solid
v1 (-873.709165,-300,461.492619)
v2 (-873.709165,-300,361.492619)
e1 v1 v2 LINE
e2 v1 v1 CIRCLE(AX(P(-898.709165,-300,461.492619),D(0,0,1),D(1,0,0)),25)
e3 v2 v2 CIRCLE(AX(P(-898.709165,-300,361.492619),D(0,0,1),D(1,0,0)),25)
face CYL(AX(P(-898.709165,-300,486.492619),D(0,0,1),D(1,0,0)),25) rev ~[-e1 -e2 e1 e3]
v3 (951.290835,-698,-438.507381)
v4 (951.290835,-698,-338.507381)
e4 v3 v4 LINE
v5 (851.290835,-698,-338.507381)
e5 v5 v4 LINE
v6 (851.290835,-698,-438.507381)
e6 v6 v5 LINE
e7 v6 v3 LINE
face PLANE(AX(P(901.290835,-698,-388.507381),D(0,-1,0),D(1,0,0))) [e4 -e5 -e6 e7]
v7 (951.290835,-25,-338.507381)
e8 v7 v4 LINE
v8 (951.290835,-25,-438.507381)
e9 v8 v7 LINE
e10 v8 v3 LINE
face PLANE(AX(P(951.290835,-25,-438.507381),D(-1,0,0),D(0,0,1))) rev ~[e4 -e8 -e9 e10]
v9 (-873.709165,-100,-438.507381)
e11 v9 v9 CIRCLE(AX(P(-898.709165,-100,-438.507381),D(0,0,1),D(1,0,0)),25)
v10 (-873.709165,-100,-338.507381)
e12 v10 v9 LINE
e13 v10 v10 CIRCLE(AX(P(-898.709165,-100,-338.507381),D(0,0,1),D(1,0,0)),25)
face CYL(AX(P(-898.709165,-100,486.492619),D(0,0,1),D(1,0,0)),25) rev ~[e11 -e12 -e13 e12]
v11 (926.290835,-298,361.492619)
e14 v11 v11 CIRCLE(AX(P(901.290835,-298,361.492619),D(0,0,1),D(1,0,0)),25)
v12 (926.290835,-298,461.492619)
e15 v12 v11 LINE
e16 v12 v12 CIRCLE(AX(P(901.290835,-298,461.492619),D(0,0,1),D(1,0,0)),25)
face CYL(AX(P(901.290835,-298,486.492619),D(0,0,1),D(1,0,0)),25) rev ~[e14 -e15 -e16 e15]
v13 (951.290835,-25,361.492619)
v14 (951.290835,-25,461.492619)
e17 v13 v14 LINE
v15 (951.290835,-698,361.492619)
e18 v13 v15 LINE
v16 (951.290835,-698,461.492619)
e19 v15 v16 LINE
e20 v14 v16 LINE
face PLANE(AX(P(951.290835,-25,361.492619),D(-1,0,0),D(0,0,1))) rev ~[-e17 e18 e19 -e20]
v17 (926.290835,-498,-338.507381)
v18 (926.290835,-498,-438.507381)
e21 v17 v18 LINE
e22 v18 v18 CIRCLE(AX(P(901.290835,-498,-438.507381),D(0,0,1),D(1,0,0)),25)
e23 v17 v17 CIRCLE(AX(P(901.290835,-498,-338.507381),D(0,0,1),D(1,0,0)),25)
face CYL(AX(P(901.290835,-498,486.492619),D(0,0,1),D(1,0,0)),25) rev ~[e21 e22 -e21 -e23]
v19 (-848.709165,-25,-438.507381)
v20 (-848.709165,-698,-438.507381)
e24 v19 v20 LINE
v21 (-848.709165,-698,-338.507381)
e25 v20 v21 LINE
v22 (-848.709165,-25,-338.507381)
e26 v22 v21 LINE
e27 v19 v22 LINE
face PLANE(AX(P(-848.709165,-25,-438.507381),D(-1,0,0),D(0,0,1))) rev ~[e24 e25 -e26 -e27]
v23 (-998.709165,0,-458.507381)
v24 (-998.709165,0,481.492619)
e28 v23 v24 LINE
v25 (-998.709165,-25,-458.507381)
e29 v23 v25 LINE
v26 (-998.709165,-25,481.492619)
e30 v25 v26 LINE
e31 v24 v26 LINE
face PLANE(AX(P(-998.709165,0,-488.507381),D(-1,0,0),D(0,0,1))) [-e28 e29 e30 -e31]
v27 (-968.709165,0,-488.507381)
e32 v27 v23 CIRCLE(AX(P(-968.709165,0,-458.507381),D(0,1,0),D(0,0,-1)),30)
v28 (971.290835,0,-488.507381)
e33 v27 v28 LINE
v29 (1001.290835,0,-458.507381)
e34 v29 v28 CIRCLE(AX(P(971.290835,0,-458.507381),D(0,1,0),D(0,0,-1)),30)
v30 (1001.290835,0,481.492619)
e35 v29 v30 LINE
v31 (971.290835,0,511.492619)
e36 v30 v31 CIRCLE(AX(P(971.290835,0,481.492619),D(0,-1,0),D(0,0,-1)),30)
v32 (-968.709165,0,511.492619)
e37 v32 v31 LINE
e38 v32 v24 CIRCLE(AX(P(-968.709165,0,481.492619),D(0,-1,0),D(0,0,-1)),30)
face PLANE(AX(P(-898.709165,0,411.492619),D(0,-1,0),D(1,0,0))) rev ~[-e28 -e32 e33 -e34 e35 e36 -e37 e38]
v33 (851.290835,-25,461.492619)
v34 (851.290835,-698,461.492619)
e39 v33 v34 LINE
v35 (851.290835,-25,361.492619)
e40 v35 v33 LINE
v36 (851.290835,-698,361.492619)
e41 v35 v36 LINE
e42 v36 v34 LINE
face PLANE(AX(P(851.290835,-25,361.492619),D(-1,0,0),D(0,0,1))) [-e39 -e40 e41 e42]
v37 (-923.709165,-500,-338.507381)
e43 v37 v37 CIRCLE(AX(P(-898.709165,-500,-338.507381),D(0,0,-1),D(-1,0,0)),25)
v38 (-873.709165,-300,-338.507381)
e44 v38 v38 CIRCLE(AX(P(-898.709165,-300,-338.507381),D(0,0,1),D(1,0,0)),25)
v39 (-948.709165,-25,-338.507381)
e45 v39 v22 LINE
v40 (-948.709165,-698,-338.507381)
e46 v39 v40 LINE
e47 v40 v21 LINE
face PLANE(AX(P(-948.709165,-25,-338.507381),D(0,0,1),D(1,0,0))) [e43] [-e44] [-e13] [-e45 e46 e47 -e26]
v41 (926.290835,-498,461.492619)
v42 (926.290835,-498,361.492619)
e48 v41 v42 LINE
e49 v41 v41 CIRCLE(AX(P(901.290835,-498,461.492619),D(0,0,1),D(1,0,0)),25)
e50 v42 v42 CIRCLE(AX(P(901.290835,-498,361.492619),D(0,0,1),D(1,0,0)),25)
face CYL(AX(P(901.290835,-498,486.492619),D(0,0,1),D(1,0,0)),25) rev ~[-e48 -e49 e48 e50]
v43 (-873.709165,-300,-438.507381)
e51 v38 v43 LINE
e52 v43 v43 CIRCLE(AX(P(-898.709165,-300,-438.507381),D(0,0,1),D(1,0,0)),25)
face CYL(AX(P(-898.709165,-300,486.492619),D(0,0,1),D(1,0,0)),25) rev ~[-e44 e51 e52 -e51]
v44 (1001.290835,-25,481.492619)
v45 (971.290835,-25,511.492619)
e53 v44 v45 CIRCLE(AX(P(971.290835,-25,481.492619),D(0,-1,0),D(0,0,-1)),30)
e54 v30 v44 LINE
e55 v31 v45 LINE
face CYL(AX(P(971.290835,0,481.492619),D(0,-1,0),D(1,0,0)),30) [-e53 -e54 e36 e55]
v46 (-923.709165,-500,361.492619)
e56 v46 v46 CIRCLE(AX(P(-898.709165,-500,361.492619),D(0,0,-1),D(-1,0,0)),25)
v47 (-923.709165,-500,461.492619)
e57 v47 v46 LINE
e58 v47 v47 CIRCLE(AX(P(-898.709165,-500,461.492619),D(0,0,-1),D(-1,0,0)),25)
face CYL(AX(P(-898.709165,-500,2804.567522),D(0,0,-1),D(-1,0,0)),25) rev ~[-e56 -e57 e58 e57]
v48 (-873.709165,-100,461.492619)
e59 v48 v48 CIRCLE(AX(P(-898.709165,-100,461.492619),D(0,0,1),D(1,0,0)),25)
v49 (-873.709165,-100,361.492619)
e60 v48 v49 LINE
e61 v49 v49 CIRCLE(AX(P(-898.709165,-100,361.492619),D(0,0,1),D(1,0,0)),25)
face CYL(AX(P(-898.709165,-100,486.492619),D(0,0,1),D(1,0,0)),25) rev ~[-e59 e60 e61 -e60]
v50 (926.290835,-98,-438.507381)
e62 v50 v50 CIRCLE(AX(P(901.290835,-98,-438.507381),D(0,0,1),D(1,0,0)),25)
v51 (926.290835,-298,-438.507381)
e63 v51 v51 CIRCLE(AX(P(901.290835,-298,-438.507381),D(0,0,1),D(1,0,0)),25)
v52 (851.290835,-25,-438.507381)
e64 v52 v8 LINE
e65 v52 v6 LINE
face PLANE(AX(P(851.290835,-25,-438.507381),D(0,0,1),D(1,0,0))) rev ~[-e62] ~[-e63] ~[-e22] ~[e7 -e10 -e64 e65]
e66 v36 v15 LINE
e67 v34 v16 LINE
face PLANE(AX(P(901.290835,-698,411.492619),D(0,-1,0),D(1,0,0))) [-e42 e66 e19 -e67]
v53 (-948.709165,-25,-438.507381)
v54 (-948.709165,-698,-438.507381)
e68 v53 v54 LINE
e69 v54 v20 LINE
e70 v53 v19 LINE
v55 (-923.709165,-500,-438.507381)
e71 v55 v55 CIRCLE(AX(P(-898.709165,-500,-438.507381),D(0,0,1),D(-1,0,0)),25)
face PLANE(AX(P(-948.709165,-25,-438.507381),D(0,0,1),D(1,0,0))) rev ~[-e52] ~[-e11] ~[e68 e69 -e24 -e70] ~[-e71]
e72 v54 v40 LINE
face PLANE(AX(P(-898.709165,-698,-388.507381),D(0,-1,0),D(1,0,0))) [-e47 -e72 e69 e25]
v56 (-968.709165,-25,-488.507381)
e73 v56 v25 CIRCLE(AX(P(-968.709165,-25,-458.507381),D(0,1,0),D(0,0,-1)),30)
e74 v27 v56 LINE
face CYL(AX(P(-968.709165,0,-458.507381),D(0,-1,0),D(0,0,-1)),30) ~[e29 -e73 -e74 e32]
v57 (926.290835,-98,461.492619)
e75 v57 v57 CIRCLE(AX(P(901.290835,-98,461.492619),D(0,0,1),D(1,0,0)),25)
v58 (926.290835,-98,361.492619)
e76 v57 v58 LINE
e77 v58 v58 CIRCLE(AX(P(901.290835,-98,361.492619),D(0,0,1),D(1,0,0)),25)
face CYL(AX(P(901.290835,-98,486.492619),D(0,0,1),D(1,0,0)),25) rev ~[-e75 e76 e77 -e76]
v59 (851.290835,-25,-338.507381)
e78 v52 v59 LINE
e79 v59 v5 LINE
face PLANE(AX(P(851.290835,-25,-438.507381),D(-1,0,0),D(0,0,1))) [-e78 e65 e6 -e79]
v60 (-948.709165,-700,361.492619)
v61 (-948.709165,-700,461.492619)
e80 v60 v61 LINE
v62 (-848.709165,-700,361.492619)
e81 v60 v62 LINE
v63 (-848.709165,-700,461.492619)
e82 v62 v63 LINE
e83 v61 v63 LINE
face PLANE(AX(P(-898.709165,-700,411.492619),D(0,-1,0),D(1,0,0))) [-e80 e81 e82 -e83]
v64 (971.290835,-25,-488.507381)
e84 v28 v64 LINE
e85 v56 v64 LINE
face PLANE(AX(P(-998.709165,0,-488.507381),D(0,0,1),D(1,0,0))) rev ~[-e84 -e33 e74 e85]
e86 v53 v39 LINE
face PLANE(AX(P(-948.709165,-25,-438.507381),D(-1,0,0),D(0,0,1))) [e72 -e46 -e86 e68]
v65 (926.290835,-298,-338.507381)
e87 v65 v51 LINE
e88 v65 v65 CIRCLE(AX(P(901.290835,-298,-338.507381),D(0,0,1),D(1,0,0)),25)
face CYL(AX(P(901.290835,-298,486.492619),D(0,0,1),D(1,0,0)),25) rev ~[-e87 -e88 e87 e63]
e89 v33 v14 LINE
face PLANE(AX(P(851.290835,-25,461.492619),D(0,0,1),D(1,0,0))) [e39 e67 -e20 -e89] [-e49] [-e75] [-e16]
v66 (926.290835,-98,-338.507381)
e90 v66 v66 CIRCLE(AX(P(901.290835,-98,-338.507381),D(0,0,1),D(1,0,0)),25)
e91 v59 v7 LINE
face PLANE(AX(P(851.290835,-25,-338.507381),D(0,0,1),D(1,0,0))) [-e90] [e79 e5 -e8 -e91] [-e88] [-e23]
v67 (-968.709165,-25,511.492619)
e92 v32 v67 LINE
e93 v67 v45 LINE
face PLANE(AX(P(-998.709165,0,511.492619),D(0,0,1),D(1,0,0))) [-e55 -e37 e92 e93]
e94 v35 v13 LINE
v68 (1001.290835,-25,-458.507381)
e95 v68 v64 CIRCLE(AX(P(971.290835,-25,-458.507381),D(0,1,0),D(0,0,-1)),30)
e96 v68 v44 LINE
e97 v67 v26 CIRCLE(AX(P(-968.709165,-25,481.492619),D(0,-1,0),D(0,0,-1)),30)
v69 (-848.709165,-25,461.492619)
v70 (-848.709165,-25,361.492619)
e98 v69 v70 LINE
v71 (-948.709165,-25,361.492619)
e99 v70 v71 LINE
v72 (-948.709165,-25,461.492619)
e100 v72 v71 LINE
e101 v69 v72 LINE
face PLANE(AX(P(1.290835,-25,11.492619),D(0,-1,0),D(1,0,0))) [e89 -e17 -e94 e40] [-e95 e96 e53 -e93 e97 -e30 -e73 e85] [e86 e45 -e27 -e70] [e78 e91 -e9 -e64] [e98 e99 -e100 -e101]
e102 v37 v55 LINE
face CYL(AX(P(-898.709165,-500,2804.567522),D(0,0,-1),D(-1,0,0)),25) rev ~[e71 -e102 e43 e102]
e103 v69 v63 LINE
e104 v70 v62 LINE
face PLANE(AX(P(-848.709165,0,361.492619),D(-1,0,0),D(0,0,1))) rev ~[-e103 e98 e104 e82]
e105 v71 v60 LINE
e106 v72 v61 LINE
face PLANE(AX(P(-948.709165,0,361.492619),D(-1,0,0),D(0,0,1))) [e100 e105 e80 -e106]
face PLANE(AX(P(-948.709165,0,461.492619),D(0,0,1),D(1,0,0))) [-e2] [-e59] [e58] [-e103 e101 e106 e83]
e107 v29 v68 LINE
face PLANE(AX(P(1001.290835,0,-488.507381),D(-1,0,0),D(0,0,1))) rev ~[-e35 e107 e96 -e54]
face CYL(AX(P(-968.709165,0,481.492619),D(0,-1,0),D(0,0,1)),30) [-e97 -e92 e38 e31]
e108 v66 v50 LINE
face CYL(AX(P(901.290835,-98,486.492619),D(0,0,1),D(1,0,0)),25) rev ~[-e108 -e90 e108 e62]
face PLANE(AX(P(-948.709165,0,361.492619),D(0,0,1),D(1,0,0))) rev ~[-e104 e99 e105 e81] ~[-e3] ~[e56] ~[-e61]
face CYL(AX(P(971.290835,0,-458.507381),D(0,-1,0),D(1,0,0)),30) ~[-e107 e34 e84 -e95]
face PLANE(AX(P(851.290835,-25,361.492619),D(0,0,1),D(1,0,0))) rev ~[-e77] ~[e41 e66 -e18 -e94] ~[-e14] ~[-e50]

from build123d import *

# Parameters (mm, degrees)
F0_W      = 2000
F0_H      = 1000
F1_DEPTH  = 25
F2_W      = 100
F2_H      = 100
F3_DEPTH  = 700
F5_W      = 100
F5_H      = 100
F6_DEPTH  = 673
F7_D      = 50
F8_R      = 25
F9_DEPTH  = 25
F9_FACE_R = 25
F10_DEPTH = 975.001
F11_R     = 30


with BuildPart() as f1:
    # F0 (on Front) → F1 (new body)
    with BuildSketch(Plane.XZ):
        with Locations((1.290835, 11.492619)):
            Rectangle(F0_W, F0_H)
    extrude(amount=F1_DEPTH)

    # F2 (on Front) → F3 (join)
    with BuildSketch(Plane.XZ):
        with Locations((-898.709165, 411.492619)):
            Rectangle(F2_W, F2_H)
    extrude(amount=F3_DEPTH)

    # F5 (on face) → F6 (join)
    with BuildSketch(Plane.XZ.offset(25)):
        with Locations((-898.709165, -388.507381)):
            Rectangle(F5_W, F5_H)
        with Locations((901.290835, -388.507381)):
            Rectangle(F5_W, F5_H)
        with Locations((901.290835, 411.492619)):
            Rectangle(F5_W, F5_H)
    extrude(amount=F6_DEPTH)

    # F7 (through all)
    with Locations(Plane.XY.offset(461.492619)):
        with Locations((-898.709165, -500)):
            Hole(F7_D / 2)

    # F8 (on face) → F9 (join)
    with BuildSketch(Plane.XY.offset(461.492619)):
        with Locations((-898.709165, -300)):
            Circle(F8_R)
        with Locations((-898.709165, -100)):
            Circle(F8_R)
        with Locations((-898.709165, -500)):
            Circle(F8_R)
        with Locations((901.290835, -498)):
            Circle(F8_R)
        with Locations((901.290835, -298)):
            Circle(F8_R)
        with Locations((901.290835, -98)):
            Circle(F8_R)
    extrude(amount=F9_DEPTH)

    # F9_face (on face) → F10 (cut, through all)
    with BuildSketch(Plane(origin=(-898.709165, -300, 486.492619), x_dir=(1, 0, 0), z_dir=(0, 0, 1))):
        Circle(F9_FACE_R)
        with Locations((0, 200)):
            Circle(F9_FACE_R)
        with Locations((0, -200)):
            Circle(F9_FACE_R)
        with Locations((1800, 202)):
            Circle(F9_FACE_R)
        with Locations((1800, 2)):
            Circle(F9_FACE_R)
        with Locations((1800, -198)):
            Circle(F9_FACE_R)
    extrude(amount=-F10_DEPTH, mode=Mode.SUBTRACT)

    # F11
    f11_edges = [f1.edges().sort_by_distance(p)[0] for p in [
        (-998.709165, -12.5, 511.492619),
        (-998.709165, -12.5, -488.507381),
        (1001.290835, -12.5, -488.507381),
        (1001.290835, -12.5, 511.492619),
    ]]
    fillet(f11_edges, radius=F11_R)


solid = f1.part
